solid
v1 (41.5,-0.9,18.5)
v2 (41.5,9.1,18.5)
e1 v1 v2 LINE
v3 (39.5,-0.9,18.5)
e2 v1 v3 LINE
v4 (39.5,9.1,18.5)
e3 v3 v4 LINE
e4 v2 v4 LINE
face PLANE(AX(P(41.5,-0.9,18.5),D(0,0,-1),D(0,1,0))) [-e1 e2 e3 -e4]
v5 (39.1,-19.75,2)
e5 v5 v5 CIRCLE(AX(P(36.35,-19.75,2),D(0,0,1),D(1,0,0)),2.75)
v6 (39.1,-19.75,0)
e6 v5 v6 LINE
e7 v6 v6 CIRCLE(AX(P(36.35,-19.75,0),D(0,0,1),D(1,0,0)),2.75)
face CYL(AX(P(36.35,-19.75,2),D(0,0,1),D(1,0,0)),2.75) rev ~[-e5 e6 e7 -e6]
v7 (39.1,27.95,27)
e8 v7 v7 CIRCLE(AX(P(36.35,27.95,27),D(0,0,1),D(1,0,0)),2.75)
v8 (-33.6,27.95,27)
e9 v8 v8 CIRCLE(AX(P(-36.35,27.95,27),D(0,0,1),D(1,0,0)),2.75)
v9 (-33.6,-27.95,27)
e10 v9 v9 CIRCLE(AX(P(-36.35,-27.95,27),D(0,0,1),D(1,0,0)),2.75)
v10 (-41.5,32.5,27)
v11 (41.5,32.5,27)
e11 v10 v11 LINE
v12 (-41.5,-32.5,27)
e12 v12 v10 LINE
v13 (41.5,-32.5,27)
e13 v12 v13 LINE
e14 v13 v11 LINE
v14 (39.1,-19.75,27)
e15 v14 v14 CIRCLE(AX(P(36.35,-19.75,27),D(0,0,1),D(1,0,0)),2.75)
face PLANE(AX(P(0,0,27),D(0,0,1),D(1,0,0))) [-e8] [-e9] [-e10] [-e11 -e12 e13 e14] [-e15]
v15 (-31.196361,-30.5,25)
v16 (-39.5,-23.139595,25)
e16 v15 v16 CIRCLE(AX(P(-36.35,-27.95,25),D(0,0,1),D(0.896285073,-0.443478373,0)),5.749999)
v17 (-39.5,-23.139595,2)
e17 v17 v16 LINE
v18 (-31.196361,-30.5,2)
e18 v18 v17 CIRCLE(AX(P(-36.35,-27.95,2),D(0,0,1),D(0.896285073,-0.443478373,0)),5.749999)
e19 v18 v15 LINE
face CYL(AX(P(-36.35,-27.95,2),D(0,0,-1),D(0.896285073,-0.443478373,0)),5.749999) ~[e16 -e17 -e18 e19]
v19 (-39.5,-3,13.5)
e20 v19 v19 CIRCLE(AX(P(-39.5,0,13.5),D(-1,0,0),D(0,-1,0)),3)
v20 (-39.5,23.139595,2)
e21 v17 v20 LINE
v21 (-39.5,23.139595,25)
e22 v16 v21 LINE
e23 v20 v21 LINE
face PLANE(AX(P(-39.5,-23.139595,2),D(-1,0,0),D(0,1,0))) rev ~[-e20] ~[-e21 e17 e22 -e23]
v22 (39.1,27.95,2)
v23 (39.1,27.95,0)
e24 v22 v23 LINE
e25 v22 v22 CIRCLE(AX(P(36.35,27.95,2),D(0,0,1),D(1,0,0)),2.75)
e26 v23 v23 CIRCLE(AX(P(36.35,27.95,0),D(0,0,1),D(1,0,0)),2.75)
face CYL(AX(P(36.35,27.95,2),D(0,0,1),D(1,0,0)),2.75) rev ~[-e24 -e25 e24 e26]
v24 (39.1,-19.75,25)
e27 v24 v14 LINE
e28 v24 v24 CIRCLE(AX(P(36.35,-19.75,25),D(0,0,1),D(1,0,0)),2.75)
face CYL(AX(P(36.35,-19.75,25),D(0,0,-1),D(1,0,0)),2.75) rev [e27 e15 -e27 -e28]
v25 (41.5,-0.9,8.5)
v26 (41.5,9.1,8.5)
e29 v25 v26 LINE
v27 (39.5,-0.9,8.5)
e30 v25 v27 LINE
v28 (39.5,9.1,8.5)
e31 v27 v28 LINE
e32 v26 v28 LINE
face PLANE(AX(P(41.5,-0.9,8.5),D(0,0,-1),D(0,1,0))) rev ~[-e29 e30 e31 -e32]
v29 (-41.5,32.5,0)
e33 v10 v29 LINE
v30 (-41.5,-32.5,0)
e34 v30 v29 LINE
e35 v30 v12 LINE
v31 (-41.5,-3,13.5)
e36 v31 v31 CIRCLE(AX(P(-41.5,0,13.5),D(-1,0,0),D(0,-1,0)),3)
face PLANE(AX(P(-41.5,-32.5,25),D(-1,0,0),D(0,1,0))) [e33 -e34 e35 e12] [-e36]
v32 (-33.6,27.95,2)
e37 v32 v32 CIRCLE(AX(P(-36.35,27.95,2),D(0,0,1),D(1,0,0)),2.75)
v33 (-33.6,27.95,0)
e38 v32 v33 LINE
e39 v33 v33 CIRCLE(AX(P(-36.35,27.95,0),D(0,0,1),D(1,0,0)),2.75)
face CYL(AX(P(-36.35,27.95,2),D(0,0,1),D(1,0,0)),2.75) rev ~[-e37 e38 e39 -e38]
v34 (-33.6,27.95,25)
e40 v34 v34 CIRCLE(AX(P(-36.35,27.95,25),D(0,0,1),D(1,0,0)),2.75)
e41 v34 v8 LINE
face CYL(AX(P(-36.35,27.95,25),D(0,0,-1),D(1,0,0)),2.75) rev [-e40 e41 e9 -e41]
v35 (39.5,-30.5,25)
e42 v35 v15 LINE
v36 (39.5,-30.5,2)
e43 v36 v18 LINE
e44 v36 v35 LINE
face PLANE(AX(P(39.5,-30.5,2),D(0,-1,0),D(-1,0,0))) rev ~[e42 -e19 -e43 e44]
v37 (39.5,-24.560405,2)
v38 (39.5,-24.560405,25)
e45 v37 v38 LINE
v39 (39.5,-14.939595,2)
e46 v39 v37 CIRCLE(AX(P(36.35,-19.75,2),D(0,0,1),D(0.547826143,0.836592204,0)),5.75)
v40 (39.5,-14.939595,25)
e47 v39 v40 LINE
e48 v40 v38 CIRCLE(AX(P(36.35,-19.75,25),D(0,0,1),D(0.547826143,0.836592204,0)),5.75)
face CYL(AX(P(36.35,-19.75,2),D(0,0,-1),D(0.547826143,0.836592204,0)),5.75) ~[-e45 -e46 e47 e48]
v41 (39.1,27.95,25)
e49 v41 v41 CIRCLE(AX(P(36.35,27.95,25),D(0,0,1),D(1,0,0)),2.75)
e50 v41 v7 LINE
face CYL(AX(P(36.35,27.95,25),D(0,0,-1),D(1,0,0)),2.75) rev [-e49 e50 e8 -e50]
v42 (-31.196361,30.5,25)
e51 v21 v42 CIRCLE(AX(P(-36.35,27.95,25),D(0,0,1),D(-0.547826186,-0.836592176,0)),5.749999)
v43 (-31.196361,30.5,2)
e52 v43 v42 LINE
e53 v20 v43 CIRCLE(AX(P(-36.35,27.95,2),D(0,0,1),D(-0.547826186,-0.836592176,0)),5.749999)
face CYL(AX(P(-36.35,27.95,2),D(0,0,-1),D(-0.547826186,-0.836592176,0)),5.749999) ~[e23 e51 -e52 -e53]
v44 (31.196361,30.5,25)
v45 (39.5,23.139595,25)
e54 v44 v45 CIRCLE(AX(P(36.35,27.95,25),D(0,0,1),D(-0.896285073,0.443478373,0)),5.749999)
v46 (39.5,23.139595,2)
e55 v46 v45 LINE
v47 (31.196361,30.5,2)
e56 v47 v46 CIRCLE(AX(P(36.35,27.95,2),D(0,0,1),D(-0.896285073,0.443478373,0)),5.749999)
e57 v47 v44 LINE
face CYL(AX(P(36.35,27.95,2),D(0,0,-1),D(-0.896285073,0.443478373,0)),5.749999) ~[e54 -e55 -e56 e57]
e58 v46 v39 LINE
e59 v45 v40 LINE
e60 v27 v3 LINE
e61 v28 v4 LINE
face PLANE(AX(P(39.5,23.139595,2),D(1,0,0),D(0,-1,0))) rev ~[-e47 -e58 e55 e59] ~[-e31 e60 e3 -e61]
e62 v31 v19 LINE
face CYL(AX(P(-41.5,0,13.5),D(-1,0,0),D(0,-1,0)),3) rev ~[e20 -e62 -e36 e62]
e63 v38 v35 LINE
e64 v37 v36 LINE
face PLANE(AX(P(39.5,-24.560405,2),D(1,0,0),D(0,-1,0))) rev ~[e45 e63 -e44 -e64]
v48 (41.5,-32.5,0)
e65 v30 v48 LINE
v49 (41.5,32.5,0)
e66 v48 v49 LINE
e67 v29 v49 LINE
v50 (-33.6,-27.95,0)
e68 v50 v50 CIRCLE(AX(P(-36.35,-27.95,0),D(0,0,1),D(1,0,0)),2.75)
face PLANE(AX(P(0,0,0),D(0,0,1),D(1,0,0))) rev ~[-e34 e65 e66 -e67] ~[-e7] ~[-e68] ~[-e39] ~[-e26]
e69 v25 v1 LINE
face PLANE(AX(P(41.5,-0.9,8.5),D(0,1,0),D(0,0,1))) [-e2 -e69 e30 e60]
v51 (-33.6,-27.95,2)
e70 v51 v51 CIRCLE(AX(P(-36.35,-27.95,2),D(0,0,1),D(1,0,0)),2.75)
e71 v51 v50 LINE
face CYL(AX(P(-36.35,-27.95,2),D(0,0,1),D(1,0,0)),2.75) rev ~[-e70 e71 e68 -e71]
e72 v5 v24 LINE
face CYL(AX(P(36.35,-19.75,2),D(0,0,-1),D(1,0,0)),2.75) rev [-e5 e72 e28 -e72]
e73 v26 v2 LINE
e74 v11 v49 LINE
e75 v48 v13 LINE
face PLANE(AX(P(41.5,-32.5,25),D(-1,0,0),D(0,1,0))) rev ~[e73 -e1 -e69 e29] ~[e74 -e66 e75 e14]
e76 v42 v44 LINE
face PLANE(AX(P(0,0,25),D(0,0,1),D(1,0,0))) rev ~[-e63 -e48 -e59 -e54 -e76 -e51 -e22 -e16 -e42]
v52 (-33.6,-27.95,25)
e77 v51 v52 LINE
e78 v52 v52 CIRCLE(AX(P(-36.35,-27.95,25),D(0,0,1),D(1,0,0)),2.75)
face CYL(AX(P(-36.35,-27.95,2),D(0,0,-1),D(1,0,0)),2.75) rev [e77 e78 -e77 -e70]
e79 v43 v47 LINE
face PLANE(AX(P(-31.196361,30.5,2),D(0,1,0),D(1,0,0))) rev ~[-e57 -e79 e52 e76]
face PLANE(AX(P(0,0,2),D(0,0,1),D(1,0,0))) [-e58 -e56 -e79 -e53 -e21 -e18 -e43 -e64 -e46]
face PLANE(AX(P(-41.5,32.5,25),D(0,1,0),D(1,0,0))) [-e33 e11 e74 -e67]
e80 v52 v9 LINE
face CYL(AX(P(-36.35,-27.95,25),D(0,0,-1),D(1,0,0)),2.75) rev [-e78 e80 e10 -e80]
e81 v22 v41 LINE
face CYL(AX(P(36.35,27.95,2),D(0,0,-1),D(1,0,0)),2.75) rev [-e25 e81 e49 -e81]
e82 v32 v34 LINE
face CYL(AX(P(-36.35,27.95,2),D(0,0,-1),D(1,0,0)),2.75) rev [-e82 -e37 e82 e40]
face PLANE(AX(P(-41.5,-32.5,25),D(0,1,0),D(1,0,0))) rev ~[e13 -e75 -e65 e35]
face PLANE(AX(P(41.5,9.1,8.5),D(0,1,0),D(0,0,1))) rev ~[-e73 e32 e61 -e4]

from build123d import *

# Parameters (mm, degrees)
F0_W      = 83
F0_H      = 65
F1_DEPTH  = 2
F2_W      = 83
F2_H      = 65
F2_R      = 2.75
F3_DEPTH  = 23
F4_R      = 2.75
F5_DEPTH  = 2.001
F6_W      = 83
F6_H      = 65
F6_R      = 2.75
F7_DEPTH  = 2
F8_W      = 10
F8_H      = 10
F9_DEPTH  = 2
F10_R     = 3
F11_DEPTH = 2


with BuildPart() as f1:
    # F0 (on Top) → F1 (new body)
    with BuildSketch(Plane.XY):
        Rectangle(F0_W, F0_H)
    extrude(amount=F1_DEPTH)

    # F2 (on face) → F3 (join)
    with BuildSketch(Plane.XY.offset(2)):
        Rectangle(F2_W, F2_H)
        with Locations((-36.35, -27.95)):
            Circle(F2_R, mode=Mode.SUBTRACT)
        with Locations((36.35, -19.75)):
            Circle(F2_R, mode=Mode.SUBTRACT)
        with Locations((-36.35, 27.95)):
            Circle(F2_R, mode=Mode.SUBTRACT)
        with BuildLine():
            Line((39.5, -30.5), (-31.196361, -30.5))
            ThreePointArc((-31.196361, -30.5), (-32.535877, -23.647098), (-39.5, -23.139595))
            Line((-39.5, -23.139595), (-39.5, 23.139595))
            ThreePointArc((-39.5, 23.139595), (-32.535877, 23.647098), (-31.196361, 30.5))
            Line((-31.196361, 30.5), (31.196361, 30.5))
            ThreePointArc((31.196361, 30.5), (32.535877, 23.647098), (39.5, 23.139595))
            Line((39.5, 23.139595), (39.5, -14.939595))
            ThreePointArc((39.5, -14.939595), (30.6, -19.75), (39.5, -24.560405))
            Line((39.5, -24.560405), (39.5, -30.5))
        make_face(mode=Mode.SUBTRACT)
        with Locations((36.35, 27.95)):
            Circle(F2_R, mode=Mode.SUBTRACT)
    extrude(amount=F3_DEPTH)

    # F4 (on face) → F5 (cut, through all)
    with BuildSketch(Plane.XY.offset(2)):
        with Locations((-36.35, 27.95)):
            Circle(F4_R)
        with Locations((-36.35, -27.95)):
            Circle(F4_R)
        with Locations((36.35, 27.95)):
            Circle(F4_R)
        with Locations((36.35, -19.75)):
            Circle(F4_R)
    extrude(amount=-F5_DEPTH, mode=Mode.SUBTRACT)

    # F6 (on face) → F7 (join)
    with BuildSketch(Plane.XY.offset(25)):
        Rectangle(F6_W, F6_H)
        with Locations((-36.35, -27.95)):
            Circle(F6_R, mode=Mode.SUBTRACT)
        with Locations((36.35, -19.75)):
            Circle(F6_R, mode=Mode.SUBTRACT)
        with Locations((-36.35, 27.95)):
            Circle(F6_R, mode=Mode.SUBTRACT)
        with Locations((36.35, 27.95)):
            Circle(F6_R, mode=Mode.SUBTRACT)
    extrude(amount=F7_DEPTH)

    # F8 (on face) → F9 (cut)
    with BuildSketch(Plane.YZ.offset(41.5)):
        with Locations((4.1, 13.5)):
            Rectangle(F8_W, F8_H)
    extrude(amount=-F9_DEPTH, mode=Mode.SUBTRACT)

    # F10 (on face) → F11 (cut)
    with BuildSketch(Plane(origin=(-41.5, 0, 0), x_dir=(0, -1, 0), z_dir=(-1, 0, 0))):
        with Locations((0, 13.5)):
            Circle(F10_R)
    extrude(amount=-F11_DEPTH, mode=Mode.SUBTRACT)


solid = f1.part
